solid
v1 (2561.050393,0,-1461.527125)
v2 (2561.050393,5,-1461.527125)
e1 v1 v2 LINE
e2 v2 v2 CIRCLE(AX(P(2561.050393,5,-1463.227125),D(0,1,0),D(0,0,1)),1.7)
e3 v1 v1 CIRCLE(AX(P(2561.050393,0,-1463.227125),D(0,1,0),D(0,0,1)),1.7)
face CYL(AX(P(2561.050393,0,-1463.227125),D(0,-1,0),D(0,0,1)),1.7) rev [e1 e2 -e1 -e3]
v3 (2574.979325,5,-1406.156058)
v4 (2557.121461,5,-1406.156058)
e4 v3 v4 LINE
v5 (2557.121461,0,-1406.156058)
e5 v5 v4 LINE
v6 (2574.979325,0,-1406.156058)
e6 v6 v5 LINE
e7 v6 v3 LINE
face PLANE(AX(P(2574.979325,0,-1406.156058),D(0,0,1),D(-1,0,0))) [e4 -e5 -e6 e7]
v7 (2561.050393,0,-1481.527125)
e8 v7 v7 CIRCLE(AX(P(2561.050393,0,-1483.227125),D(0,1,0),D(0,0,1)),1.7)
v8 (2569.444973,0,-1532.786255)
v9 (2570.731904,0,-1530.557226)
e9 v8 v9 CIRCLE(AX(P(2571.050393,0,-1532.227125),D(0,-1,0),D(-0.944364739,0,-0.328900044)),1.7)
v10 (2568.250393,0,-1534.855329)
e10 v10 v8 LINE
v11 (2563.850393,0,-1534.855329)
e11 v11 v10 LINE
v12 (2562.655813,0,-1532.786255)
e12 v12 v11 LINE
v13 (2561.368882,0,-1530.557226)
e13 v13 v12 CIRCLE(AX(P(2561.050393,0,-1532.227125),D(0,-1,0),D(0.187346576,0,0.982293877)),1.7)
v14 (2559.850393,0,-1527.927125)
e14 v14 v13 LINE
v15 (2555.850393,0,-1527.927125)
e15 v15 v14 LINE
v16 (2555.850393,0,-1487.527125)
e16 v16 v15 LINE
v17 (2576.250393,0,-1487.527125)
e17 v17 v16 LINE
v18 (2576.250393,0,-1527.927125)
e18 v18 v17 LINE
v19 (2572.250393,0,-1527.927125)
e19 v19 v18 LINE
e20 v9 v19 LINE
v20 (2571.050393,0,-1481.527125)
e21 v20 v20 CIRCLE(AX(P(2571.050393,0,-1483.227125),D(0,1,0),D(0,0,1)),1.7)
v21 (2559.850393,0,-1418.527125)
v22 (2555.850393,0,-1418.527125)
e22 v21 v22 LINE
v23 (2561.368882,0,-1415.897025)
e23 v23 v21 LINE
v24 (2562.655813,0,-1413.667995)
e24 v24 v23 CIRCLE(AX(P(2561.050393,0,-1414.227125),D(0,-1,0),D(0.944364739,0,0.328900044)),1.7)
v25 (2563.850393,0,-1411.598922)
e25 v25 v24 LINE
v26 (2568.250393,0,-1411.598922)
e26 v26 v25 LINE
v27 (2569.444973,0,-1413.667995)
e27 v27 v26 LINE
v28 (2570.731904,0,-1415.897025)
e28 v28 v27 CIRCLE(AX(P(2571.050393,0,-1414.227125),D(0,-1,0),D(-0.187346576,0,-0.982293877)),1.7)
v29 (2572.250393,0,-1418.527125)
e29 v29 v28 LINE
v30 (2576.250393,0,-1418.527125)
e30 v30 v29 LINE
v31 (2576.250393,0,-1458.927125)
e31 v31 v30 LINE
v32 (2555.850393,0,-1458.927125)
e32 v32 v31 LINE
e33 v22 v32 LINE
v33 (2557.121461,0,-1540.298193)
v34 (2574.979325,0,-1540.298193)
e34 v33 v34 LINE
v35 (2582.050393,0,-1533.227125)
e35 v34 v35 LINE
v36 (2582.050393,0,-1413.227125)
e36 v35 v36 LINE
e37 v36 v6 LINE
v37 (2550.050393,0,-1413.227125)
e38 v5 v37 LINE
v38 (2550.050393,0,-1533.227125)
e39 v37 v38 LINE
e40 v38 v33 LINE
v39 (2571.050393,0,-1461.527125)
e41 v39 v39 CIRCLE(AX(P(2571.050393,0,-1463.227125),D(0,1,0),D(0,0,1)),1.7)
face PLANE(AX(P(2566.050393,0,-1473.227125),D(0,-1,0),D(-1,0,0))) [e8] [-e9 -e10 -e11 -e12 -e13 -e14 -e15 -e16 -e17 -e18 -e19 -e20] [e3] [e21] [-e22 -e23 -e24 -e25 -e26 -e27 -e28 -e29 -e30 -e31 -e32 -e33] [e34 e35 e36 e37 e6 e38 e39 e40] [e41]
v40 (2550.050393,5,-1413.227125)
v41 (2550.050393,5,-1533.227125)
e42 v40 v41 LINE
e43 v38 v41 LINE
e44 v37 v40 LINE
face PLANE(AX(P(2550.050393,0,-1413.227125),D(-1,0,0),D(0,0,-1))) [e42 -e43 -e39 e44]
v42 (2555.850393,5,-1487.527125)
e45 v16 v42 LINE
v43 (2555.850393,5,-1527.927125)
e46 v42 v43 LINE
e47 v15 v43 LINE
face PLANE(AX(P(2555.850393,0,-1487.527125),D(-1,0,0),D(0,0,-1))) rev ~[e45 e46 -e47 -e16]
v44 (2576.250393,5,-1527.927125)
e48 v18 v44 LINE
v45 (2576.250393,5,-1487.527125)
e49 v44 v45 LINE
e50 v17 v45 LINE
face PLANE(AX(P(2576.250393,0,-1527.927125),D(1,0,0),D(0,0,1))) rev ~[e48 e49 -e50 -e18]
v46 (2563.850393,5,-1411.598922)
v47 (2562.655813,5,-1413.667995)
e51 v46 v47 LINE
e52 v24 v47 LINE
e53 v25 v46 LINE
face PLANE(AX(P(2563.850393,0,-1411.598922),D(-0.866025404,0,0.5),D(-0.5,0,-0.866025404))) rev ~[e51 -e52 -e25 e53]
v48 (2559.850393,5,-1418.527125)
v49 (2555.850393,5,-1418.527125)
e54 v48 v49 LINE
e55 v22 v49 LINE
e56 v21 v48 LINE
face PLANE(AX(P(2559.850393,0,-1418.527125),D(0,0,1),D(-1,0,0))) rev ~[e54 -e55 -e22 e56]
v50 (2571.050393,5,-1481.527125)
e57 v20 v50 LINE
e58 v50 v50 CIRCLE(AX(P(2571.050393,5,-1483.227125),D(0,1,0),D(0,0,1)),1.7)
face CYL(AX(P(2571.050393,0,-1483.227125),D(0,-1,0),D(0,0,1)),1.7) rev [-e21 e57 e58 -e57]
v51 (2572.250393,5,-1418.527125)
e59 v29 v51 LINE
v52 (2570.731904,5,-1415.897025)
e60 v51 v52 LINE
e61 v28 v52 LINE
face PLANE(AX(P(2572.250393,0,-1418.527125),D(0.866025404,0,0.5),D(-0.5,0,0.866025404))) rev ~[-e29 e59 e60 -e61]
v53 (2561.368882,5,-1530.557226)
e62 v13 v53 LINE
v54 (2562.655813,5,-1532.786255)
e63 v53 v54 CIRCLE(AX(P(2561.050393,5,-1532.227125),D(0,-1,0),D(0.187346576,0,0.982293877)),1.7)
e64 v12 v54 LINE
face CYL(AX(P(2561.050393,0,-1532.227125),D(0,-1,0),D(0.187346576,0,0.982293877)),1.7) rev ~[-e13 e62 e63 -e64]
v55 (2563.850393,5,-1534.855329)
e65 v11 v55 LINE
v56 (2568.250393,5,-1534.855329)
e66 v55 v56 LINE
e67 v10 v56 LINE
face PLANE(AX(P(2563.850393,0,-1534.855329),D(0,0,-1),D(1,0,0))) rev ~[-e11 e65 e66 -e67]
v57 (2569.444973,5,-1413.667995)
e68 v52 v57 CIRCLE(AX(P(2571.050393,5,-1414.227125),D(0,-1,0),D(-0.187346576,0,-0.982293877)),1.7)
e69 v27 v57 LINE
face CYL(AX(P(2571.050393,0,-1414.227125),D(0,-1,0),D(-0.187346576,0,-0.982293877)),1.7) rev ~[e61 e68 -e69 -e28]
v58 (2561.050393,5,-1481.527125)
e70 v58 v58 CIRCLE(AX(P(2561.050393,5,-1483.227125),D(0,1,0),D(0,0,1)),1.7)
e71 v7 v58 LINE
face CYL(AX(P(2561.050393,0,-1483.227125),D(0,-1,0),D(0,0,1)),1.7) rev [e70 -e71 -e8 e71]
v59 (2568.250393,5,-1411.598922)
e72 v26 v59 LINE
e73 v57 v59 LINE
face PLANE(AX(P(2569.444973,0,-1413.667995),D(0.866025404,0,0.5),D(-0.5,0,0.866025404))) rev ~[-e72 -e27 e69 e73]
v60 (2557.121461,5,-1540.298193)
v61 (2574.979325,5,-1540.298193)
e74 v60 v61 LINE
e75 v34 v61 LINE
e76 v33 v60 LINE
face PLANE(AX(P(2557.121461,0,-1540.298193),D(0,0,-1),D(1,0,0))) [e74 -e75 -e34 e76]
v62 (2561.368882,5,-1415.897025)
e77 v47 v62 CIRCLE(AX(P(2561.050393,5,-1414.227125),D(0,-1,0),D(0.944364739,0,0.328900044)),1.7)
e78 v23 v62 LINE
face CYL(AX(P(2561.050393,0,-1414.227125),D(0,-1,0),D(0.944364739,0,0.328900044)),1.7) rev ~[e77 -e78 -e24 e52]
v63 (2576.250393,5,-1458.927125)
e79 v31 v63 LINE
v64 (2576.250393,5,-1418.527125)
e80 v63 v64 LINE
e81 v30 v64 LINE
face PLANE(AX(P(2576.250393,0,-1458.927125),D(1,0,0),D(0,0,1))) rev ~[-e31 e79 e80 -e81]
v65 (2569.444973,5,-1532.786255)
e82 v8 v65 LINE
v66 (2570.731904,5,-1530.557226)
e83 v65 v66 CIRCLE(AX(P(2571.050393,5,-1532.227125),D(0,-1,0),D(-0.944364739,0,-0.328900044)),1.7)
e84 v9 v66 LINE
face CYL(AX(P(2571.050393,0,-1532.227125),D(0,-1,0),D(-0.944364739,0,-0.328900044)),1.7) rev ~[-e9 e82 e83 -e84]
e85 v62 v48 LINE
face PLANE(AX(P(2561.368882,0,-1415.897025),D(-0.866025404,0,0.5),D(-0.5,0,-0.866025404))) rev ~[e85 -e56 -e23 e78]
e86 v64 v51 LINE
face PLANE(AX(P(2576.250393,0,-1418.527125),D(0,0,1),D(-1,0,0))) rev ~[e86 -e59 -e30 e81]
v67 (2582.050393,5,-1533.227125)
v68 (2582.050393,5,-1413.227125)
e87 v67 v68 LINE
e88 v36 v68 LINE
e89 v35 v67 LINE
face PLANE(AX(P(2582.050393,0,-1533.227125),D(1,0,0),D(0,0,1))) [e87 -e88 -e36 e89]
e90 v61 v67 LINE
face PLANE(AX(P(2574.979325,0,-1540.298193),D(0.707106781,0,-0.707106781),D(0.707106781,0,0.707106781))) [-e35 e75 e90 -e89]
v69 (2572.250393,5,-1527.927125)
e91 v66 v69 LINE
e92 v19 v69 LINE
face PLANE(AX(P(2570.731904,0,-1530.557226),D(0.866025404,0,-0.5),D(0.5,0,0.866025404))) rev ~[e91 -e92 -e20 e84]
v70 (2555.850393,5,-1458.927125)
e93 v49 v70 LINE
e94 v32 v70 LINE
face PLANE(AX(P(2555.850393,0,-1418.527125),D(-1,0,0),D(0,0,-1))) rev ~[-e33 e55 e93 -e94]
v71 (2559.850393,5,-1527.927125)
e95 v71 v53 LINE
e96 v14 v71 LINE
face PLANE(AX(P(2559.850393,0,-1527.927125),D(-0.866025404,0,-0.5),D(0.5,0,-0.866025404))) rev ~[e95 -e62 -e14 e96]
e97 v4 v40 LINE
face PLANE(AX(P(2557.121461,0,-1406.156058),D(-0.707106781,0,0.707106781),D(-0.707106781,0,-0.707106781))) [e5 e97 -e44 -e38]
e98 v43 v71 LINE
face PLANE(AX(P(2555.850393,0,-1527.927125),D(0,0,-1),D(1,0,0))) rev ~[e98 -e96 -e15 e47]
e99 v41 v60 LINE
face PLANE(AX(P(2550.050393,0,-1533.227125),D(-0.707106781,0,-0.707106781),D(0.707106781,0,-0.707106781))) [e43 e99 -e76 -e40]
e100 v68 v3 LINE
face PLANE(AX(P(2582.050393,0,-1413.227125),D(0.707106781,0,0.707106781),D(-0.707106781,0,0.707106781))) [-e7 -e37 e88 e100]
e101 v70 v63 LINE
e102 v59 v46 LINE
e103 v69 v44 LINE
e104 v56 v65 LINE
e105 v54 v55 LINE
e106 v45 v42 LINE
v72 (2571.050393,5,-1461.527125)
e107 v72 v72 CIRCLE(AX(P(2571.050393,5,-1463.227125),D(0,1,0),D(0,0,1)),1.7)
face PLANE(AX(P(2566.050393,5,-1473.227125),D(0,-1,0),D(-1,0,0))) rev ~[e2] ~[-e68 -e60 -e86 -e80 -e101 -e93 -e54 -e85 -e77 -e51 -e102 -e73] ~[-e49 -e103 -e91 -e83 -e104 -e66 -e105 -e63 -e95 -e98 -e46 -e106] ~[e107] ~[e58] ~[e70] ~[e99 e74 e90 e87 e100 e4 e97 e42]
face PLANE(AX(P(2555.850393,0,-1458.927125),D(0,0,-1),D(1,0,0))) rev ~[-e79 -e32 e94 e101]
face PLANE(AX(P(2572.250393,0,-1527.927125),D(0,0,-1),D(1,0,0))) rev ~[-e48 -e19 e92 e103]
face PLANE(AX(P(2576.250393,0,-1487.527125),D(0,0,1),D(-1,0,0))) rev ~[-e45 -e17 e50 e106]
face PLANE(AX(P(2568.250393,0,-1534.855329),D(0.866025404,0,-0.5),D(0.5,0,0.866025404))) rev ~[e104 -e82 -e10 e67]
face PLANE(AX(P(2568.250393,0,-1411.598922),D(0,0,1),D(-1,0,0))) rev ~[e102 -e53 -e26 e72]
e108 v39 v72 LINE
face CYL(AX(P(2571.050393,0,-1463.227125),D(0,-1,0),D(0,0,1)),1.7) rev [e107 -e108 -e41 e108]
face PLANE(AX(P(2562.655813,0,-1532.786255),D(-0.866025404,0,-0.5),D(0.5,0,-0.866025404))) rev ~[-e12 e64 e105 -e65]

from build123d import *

# Parameters (mm, degrees)
SKETCH_1_R      = 1.7
EXTRUDE_1_DEPTH = 5


with BuildPart() as part:
    # 草图1 → 凸台-拉伸1 (new body)
    with BuildSketch(Plane(origin=(0, 0, 0), x_dir=(1, 0, 0), z_dir=(0, 1, 0))):
        Polygon((2550.050393087, 1533.227125386), (2557.121460899, 1540.298193198), (2574.979325275, 1540.298193198), (2582.050393087, 1533.227125386), (2582.050393087, 1413.227125386), (2574.979325275, 1406.156057575), (2557.121460899, 1406.156057575), (2550.050393087, 1413.227125386), align=None)
        with Locations(Location((2571.050393087, 1483.227125386, 0), (0, 0, 270))):
            Circle(SKETCH_1_R, mode=Mode.SUBTRACT)
        with Locations(Location((2561.050393087, 1483.227125386, 0), (0, 0, 270))):
            Circle(SKETCH_1_R, mode=Mode.SUBTRACT)
        with Locations(Location((2561.050393087, 1463.227125386, 0), (0, 0, 270))):
            Circle(SKETCH_1_R, mode=Mode.SUBTRACT)
        with Locations(Location((2571.050393087, 1463.227125386, 0), (0, 0, 270))):
            Circle(SKETCH_1_R, mode=Mode.SUBTRACT)
        with BuildLine():
            Line((2576.250393087, 1487.527125386), (2555.850393087, 1487.527125386))
            Line((2555.850393087, 1487.527125386), (2555.850393087, 1527.927125386))
            Line((2555.850393087, 1527.927125386), (2559.850393087, 1527.927125386))
            Line((2559.850393087, 1527.927125386), (2561.368882267, 1530.557225796))
            ThreePointArc((2561.368882267, 1530.557225796), (2559.578149901, 1533.077125386), (2562.655813144, 1532.786255462))
            Line((2562.655813144, 1532.786255462), (2563.850393087, 1534.855328617))
            Line((2563.850393087, 1534.855328617), (2568.250393087, 1534.855328617))
            Line((2568.250393087, 1534.855328617), (2569.44497303, 1532.786255462))
            ThreePointArc((2569.44497303, 1532.786255462), (2572.522636274, 1533.077125386), (2570.731903908, 1530.557225796))
            Line((2570.731903908, 1530.557225796), (2572.250393087, 1527.927125386))
            Line((2572.250393087, 1527.927125386), (2576.250393087, 1527.927125386))
            Line((2576.250393087, 1527.927125386), (2576.250393087, 1487.527125386))
        make_face(mode=Mode.SUBTRACT)
        with BuildLine():
            Line((2555.850393087, 1458.927125386), (2576.250393087, 1458.927125386))
            Line((2576.250393087, 1458.927125386), (2576.250393087, 1418.527125386))
            Line((2576.250393087, 1418.527125386), (2572.250393087, 1418.527125386))
            Line((2572.250393087, 1418.527125386), (2570.731903908, 1415.897024977))
            ThreePointArc((2570.731903908, 1415.897024977), (2572.522636274, 1413.377125386), (2569.44497303, 1413.667995311))
            Line((2569.44497303, 1413.667995311), (2568.250393087, 1411.598922156))
            Line((2568.250393087, 1411.598922156), (2563.850393087, 1411.598922156))
            Line((2563.850393087, 1411.598922156), (2562.655813144, 1413.667995311))
            ThreePointArc((2562.655813144, 1413.667995311), (2559.578149901, 1413.377125386), (2561.368882267, 1415.897024977))
            Line((2561.368882267, 1415.897024977), (2559.850393087, 1418.527125386))
            Line((2559.850393087, 1418.527125386), (2555.850393087, 1418.527125386))
            Line((2555.850393087, 1418.527125386), (2555.850393087, 1458.927125386))
        make_face(mode=Mode.SUBTRACT)
    extrude(amount=EXTRUDE_1_DEPTH)


solid = part.part
